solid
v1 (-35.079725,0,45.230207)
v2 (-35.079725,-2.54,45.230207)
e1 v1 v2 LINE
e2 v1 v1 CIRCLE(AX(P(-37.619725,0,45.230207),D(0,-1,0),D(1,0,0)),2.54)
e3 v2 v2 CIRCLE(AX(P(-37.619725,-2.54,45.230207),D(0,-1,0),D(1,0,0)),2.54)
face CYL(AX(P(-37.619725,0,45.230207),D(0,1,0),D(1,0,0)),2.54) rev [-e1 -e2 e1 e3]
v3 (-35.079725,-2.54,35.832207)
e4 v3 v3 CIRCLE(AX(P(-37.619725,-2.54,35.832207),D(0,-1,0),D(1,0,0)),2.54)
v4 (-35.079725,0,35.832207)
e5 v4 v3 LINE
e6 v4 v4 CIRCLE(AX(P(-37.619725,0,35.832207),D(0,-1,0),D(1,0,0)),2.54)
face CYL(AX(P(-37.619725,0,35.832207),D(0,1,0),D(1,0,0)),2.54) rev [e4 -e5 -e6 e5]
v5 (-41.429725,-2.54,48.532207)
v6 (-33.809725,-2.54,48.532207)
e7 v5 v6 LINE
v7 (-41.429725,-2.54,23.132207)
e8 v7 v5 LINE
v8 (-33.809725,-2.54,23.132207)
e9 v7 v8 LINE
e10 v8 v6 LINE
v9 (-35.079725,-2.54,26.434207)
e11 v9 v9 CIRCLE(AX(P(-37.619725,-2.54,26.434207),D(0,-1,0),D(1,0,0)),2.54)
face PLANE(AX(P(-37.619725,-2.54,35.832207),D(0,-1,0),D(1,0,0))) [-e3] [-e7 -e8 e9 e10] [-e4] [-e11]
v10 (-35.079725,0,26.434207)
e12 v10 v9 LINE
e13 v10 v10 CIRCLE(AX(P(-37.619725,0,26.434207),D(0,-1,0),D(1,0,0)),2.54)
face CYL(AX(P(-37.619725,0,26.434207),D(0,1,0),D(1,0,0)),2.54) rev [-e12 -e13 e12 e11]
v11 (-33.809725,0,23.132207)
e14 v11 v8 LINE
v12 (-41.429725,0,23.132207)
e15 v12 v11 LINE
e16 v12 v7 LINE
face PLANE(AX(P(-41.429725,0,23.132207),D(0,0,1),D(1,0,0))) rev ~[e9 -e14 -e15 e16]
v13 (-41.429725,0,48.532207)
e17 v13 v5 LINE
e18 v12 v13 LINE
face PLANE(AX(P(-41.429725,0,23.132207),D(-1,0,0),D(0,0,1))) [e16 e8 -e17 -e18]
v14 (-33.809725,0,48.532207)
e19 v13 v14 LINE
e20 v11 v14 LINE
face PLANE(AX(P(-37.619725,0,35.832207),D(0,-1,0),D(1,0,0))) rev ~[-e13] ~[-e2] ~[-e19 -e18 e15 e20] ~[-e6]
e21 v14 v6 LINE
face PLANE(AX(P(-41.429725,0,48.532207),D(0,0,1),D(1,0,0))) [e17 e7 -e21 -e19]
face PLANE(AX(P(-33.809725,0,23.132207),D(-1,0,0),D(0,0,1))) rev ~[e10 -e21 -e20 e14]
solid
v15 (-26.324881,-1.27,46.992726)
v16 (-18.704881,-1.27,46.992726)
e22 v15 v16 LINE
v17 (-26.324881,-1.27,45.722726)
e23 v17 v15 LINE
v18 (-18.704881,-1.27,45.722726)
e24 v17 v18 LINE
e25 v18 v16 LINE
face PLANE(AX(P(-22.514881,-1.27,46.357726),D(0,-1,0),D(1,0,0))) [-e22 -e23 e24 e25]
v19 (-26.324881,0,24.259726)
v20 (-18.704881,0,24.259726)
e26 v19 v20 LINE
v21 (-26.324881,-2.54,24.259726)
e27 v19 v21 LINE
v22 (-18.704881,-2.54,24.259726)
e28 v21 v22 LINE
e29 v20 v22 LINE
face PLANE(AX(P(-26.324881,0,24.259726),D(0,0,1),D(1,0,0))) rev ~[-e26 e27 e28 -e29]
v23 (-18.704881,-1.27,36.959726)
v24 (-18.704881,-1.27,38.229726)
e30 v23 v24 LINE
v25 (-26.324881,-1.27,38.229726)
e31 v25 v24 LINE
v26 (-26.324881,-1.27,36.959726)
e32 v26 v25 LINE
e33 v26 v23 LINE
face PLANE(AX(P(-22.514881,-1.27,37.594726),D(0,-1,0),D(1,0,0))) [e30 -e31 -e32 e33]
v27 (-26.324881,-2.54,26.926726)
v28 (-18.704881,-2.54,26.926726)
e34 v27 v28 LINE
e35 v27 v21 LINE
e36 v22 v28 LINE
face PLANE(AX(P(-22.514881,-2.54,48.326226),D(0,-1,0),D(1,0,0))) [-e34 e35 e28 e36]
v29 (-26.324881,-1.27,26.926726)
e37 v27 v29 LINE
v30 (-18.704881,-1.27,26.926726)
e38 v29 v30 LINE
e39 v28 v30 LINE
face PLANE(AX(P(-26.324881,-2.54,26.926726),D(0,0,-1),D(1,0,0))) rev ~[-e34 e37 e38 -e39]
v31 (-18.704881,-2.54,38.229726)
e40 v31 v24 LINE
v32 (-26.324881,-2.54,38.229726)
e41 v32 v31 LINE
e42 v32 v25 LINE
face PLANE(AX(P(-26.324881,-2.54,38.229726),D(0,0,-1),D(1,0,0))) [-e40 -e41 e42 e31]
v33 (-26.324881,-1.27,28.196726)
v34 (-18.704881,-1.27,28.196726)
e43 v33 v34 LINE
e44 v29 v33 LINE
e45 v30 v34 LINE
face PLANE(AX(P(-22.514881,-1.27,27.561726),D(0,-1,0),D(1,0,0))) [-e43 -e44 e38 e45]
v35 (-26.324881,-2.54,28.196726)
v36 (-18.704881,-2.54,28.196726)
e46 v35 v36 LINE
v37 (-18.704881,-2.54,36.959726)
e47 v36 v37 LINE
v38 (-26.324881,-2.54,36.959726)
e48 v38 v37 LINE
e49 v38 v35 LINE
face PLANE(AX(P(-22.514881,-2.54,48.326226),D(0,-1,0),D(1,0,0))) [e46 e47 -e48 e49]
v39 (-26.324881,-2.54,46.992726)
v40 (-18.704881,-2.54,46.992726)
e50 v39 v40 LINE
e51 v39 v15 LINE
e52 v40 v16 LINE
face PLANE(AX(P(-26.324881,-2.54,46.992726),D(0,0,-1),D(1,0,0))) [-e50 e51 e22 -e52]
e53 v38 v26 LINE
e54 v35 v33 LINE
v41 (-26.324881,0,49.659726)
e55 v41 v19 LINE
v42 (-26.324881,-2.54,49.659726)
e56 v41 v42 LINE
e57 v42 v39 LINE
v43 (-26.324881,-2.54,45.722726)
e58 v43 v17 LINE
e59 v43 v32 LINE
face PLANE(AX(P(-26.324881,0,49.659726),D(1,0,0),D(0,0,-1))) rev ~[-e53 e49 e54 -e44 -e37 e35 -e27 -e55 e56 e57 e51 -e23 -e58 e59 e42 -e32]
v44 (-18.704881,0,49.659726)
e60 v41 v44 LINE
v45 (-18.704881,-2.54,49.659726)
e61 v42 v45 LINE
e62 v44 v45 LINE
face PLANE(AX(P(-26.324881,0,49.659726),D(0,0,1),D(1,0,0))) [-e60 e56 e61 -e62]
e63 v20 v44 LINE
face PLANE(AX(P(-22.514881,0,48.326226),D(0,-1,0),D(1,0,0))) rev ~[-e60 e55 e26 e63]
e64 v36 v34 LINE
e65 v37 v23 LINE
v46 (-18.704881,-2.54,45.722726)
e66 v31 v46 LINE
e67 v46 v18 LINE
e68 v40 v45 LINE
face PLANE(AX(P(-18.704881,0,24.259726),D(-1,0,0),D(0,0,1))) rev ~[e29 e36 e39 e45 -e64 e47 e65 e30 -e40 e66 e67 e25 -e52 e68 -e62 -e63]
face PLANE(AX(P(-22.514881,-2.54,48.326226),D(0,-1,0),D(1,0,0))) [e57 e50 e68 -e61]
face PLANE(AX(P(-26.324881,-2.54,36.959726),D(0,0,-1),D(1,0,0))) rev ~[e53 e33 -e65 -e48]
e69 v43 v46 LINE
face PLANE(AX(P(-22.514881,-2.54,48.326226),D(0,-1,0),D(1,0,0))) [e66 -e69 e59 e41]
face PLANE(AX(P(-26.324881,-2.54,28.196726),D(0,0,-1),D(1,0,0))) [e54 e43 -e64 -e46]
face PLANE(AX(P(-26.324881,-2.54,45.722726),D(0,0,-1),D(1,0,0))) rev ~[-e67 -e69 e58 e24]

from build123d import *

# Parameters (mm, degrees)
F0_W     = 7.62
F0_H     = 25.4
F0_R     = 2.54
F1_DEPTH = 2.54
F2_W     = 7.62
F2_H     = 2.667
F2_H_2   = 8.128
F2_H_3   = 1.27
F3_DEPTH = 2.54
F4_W     = 7.62
F4_H     = 1.27
F5_DEPTH = 1.27
F6_DEPTH = 1.27
F7_DEPTH = 1.27


with BuildPart() as f1:
    # F0 (on Front) → F1 (new body)
    with BuildSketch(Plane.XZ):
        with Locations((-37.619725, 35.832207)):
            Rectangle(F0_W, F0_H)
        with Locations((-37.619725, 35.832207)):
            Circle(F0_R, mode=Mode.SUBTRACT)
        with Locations((-37.619725, 26.434207)):
            Circle(F0_R, mode=Mode.SUBTRACT)
        with Locations((-37.619725, 45.230207)):
            Circle(F0_R, mode=Mode.SUBTRACT)
    extrude(amount=F1_DEPTH)


with BuildPart() as f3:
    # F2 (on Front) → F3 (new body)
    with BuildSketch(Plane.XZ):
        with Locations((-22.514881, 48.326226)):
            Rectangle(F2_W, F2_H)
        with Locations((-22.514881, 41.658726)):
            Rectangle(F2_W, F2_H_2)
        with Locations((-22.514881, 46.357726)):
            Rectangle(F2_W, F2_H_3)
        with Locations((-22.514881, 36.959726)):
            Rectangle(F2_W, F2_H_3)
        with Locations((-22.514881, 32.260726)):
            Rectangle(F2_W, F2_H_2)
        with Locations((-22.514881, 27.561726)):
            Rectangle(F2_W, F2_H_3)
        with Locations((-22.514881, 25.593226)):
            Rectangle(F2_W, F2_H)
    extrude(amount=F3_DEPTH)

    # F4 (on face) → F5 (cut)
    with BuildSketch(Plane.XZ.offset(2.54)):
        with Locations((-22.514881, 46.357726)):
            Rectangle(F4_W, F4_H)
    extrude(amount=-F5_DEPTH, mode=Mode.SUBTRACT)

    # F4 (on face) → F6 (cut)
    with BuildSketch(Plane.XZ.offset(2.54)):
        with Locations((-22.514881, 37.594726)):
            Rectangle(F4_W, F4_H)
    extrude(amount=-F6_DEPTH, mode=Mode.SUBTRACT)

    # F4 (on face) → F7 (cut)
    with BuildSketch(Plane.XZ.offset(2.54)):
        with Locations((-22.514881, 27.561726)):
            Rectangle(F4_W, F4_H)
    extrude(amount=-F7_DEPTH, mode=Mode.SUBTRACT)


solid = Compound([f1.part, f3.part])
